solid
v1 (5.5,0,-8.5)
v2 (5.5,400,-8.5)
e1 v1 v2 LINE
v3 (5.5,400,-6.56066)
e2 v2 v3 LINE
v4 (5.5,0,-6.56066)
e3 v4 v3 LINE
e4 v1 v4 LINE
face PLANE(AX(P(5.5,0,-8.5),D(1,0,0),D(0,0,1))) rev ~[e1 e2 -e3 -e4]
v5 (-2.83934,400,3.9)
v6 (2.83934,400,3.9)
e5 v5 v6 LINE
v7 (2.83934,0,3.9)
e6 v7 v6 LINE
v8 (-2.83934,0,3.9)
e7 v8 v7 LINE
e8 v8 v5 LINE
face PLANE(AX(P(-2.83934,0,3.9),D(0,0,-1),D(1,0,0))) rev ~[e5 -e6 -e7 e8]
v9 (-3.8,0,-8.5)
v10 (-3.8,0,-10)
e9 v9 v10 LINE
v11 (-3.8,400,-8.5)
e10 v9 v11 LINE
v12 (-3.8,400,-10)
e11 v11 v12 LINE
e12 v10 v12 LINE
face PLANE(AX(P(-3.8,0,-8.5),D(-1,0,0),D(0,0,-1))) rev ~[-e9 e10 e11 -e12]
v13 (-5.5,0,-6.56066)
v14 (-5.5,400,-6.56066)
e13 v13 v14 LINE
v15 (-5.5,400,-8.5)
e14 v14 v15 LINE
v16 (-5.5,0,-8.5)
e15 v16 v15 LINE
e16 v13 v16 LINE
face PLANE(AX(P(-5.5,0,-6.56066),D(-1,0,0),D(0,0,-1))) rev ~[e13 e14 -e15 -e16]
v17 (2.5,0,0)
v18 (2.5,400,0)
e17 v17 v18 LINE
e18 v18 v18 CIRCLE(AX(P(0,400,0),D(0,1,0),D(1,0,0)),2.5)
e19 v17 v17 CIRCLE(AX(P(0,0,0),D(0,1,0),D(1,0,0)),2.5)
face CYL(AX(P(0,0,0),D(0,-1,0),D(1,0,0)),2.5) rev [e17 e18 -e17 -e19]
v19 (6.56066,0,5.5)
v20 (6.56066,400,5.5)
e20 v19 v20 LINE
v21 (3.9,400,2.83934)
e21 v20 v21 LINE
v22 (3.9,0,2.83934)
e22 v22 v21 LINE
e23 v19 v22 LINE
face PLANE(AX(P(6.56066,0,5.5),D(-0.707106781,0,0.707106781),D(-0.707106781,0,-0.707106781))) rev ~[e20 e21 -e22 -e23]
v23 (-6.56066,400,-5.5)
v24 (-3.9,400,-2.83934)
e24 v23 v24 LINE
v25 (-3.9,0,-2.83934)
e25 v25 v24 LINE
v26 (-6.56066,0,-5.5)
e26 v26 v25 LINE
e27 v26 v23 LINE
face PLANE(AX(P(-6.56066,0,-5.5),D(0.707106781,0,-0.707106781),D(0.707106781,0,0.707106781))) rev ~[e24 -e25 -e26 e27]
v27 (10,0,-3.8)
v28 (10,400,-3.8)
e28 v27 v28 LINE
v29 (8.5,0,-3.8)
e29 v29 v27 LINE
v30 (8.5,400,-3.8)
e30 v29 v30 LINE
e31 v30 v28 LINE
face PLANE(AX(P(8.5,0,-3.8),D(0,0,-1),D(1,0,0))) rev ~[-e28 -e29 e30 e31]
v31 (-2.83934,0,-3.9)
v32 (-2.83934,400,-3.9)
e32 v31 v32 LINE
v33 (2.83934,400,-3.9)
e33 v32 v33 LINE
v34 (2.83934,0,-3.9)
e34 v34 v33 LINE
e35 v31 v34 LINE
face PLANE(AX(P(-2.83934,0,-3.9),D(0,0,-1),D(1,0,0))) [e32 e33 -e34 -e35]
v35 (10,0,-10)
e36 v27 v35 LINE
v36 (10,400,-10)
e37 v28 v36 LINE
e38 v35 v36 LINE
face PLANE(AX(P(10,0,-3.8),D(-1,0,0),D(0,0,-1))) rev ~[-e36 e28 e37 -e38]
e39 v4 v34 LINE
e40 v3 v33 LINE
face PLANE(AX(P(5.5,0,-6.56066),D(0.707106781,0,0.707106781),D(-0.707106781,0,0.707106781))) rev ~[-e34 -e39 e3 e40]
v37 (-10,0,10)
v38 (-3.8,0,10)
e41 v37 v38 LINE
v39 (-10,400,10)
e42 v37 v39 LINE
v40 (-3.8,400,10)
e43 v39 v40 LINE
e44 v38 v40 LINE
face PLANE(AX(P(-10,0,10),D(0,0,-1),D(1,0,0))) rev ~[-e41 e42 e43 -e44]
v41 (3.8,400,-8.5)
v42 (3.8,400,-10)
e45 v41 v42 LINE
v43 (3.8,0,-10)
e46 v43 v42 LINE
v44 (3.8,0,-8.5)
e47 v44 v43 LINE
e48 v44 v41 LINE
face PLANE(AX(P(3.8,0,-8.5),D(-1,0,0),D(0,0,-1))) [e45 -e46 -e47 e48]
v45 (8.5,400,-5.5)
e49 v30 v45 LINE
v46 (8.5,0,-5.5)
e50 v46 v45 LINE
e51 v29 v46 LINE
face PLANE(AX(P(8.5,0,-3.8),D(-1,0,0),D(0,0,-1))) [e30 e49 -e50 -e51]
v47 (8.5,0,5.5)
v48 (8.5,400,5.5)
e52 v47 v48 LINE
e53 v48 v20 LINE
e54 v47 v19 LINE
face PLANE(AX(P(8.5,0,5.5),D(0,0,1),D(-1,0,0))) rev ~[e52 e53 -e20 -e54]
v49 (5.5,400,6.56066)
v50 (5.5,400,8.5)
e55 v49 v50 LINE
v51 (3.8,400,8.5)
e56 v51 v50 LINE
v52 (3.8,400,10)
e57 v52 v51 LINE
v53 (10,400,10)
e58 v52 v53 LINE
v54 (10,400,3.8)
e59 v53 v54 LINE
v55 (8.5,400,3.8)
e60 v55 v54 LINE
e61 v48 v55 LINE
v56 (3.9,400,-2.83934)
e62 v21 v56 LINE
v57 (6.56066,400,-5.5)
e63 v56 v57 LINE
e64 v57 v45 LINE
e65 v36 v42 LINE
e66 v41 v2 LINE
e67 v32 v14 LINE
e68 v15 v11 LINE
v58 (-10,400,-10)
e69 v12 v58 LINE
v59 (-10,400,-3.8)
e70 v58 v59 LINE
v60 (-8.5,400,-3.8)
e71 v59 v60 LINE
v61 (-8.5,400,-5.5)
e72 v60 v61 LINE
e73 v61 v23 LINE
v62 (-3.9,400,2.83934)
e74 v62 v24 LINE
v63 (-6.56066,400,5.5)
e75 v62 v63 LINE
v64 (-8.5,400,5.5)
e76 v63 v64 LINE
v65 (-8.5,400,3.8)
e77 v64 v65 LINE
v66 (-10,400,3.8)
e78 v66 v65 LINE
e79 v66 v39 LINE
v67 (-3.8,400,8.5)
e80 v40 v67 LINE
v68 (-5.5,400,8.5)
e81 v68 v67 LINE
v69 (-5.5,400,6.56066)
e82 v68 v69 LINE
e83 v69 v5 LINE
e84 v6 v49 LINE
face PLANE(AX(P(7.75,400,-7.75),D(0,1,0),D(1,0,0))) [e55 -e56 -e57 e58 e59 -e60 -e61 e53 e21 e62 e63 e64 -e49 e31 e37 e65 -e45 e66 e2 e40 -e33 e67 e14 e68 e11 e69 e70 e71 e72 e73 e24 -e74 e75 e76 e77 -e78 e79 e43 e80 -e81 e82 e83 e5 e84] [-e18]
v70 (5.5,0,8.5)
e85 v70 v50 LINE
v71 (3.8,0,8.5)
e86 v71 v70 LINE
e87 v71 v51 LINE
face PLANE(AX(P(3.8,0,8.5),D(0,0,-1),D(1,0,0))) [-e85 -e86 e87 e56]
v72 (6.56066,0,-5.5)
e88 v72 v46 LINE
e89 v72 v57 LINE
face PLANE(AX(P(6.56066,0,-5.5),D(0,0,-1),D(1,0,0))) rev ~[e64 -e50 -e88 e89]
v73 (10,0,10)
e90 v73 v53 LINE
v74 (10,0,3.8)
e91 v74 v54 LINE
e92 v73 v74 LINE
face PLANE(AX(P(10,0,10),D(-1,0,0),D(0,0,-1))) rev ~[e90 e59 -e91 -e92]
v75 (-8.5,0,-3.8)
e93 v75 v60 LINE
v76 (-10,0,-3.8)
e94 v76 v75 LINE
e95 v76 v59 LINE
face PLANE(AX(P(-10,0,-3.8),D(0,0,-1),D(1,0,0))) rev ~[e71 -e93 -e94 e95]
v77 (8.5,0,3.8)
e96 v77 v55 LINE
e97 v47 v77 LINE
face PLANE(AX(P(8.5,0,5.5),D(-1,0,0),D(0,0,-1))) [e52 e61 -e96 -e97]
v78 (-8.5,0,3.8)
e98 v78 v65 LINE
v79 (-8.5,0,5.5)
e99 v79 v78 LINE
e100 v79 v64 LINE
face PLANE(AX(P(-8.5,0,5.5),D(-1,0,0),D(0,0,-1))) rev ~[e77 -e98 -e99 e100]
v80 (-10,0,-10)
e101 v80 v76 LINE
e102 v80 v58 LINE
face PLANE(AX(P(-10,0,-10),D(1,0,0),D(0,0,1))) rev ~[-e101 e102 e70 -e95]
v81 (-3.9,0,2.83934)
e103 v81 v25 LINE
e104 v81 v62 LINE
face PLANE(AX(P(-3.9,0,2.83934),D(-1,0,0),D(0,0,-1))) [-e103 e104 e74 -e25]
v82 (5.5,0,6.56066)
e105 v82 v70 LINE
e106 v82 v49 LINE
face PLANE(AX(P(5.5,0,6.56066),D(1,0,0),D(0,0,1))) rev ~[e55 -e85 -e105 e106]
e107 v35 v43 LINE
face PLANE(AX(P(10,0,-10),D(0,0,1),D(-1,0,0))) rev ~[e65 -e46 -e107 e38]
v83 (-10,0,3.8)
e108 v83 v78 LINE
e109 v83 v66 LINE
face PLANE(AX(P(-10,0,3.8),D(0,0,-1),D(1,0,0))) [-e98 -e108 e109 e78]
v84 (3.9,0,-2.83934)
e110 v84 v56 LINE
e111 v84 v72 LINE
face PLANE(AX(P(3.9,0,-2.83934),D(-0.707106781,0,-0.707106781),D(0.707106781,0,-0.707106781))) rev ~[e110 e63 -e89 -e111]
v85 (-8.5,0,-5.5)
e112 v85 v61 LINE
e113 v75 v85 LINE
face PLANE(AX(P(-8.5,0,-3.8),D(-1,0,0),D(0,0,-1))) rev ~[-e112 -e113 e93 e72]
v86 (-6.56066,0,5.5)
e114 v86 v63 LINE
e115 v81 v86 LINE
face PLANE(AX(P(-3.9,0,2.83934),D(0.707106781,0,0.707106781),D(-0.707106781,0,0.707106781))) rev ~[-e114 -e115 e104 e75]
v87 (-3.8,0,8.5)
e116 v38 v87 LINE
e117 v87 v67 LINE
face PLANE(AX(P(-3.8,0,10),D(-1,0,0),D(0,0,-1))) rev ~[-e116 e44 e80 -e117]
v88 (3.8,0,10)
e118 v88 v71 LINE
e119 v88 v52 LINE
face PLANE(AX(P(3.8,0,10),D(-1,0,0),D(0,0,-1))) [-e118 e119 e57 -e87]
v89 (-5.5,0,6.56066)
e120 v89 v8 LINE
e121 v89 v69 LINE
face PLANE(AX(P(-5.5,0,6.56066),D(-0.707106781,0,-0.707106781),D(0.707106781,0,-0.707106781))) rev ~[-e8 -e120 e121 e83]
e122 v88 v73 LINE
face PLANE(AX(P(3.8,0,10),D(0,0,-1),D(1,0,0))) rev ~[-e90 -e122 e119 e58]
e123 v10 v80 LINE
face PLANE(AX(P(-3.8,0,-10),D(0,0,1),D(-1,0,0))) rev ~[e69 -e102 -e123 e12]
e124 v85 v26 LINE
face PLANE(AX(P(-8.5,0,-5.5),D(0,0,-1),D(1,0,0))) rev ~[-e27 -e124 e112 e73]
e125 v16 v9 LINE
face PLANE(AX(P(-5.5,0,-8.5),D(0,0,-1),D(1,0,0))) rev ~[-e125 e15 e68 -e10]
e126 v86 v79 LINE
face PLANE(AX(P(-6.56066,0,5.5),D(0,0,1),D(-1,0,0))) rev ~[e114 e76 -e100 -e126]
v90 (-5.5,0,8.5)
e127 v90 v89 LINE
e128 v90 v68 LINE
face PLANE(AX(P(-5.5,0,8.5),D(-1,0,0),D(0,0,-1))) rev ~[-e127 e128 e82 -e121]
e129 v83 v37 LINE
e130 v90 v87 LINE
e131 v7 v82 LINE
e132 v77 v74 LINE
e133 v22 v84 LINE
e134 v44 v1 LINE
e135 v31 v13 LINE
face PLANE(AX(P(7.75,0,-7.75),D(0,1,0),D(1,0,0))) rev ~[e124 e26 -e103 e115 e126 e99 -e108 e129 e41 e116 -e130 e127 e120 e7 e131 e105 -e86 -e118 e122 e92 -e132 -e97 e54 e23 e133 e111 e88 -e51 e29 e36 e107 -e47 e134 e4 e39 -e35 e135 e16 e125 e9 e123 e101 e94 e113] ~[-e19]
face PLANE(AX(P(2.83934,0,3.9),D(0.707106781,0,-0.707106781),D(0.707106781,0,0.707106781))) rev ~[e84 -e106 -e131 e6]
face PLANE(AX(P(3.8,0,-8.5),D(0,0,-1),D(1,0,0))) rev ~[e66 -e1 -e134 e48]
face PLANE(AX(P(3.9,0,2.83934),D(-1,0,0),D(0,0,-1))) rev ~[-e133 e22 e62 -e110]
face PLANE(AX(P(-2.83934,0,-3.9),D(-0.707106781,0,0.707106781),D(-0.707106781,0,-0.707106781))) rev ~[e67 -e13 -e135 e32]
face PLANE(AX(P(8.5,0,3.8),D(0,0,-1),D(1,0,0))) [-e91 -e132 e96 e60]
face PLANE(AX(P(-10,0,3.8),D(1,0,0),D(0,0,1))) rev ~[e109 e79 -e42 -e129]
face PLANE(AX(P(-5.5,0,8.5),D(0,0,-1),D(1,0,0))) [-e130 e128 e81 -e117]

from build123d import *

# Parameters (mm, degrees)
SKETCH_1_W      = 1.5
SKETCH_1_H      = 1.7
SKETCH_1_W_2    = 1.7
SKETCH_1_H_2    = 1.5
SKETCH_1_W_3    = 7.8
SKETCH_1_H_3    = 7.8
SKETCH_1_R      = 2.5
EXTRUDE_1_DEPTH = 400


with BuildPart() as part:
    # 草图1 → 凸台-拉伸1 (new body)
    with BuildSketch(Plane(origin=(0, 0, 0), x_dir=(1, 0, 0), z_dir=(0, 1, 0))):
        Polygon((5.5, 8.5), (5.5, 6.560660172), (5.5, 5.5), (6.560660172, 5.5), (8.5, 5.5), (10, 5.5), (10, 10), (5.5, 10), align=None)
        with Locations((9.25, 4.65)):
            Rectangle(SKETCH_1_W, SKETCH_1_H)
        Polygon((5.5, 6.560660172), (2.839339828, 3.9), (3.9, 3.9), (3.9, 2.839339828), (6.560660172, 5.5), (5.5, 5.5), align=None)
        with Locations((4.65, 9.25)):
            Rectangle(SKETCH_1_W_2, SKETCH_1_H_2)
        Rectangle(SKETCH_1_W_3, SKETCH_1_H_3)
        Circle(SKETCH_1_R, mode=Mode.SUBTRACT)
        with Locations((-4.65, 9.25)):
            Rectangle(SKETCH_1_W_2, SKETCH_1_H_2)
        Polygon((-8.5, 5.5), (-6.560660172, 5.5), (-5.5, 5.5), (-5.5, 6.560660172), (-5.5, 8.5), (-5.5, 10), (-10, 10), (-10, 5.5), align=None)
        with Locations((-9.25, 4.65)):
            Rectangle(SKETCH_1_W, SKETCH_1_H)
        Polygon((-5.5, 5.5), (-6.560660172, 5.5), (-3.9, 2.839339828), (-3.9, 3.9), (-2.839339828, 3.9), (-5.5, 6.560660172), align=None)
        Polygon((-5.5, -5.5), (-6.560660172, -5.5), (-8.5, -5.5), (-10, -5.5), (-10, -10), (-5.5, -10), (-5.5, -8.5), (-5.5, -6.560660172), align=None)
        with Locations((-4.65, -9.25)):
            Rectangle(SKETCH_1_W_2, SKETCH_1_H_2)
        with Locations((-9.25, -4.65)):
            Rectangle(SKETCH_1_W, SKETCH_1_H)
        Polygon((-3.9, -3.9), (-3.9, -2.839339828), (-6.560660172, -5.5), (-5.5, -5.5), (-5.5, -6.560660172), (-2.839339828, -3.9), align=None)
        Polygon((3.9, -3.9), (2.839339828, -3.9), (5.5, -6.560660172), (5.5, -5.5), (6.560660172, -5.5), (3.9, -2.839339828), align=None)
        Polygon((5.5, -5.5), (5.5, -6.560660172), (5.5, -8.5), (5.5, -10), (10, -10), (10, -5.5), (8.5, -5.5), (6.560660172, -5.5), align=None)
        with Locations((9.25, -4.65)):
            Rectangle(SKETCH_1_W, SKETCH_1_H)
        with Locations((4.65, -9.25)):
            Rectangle(SKETCH_1_W_2, SKETCH_1_H_2)
    extrude(amount=EXTRUDE_1_DEPTH)


solid = part.part
